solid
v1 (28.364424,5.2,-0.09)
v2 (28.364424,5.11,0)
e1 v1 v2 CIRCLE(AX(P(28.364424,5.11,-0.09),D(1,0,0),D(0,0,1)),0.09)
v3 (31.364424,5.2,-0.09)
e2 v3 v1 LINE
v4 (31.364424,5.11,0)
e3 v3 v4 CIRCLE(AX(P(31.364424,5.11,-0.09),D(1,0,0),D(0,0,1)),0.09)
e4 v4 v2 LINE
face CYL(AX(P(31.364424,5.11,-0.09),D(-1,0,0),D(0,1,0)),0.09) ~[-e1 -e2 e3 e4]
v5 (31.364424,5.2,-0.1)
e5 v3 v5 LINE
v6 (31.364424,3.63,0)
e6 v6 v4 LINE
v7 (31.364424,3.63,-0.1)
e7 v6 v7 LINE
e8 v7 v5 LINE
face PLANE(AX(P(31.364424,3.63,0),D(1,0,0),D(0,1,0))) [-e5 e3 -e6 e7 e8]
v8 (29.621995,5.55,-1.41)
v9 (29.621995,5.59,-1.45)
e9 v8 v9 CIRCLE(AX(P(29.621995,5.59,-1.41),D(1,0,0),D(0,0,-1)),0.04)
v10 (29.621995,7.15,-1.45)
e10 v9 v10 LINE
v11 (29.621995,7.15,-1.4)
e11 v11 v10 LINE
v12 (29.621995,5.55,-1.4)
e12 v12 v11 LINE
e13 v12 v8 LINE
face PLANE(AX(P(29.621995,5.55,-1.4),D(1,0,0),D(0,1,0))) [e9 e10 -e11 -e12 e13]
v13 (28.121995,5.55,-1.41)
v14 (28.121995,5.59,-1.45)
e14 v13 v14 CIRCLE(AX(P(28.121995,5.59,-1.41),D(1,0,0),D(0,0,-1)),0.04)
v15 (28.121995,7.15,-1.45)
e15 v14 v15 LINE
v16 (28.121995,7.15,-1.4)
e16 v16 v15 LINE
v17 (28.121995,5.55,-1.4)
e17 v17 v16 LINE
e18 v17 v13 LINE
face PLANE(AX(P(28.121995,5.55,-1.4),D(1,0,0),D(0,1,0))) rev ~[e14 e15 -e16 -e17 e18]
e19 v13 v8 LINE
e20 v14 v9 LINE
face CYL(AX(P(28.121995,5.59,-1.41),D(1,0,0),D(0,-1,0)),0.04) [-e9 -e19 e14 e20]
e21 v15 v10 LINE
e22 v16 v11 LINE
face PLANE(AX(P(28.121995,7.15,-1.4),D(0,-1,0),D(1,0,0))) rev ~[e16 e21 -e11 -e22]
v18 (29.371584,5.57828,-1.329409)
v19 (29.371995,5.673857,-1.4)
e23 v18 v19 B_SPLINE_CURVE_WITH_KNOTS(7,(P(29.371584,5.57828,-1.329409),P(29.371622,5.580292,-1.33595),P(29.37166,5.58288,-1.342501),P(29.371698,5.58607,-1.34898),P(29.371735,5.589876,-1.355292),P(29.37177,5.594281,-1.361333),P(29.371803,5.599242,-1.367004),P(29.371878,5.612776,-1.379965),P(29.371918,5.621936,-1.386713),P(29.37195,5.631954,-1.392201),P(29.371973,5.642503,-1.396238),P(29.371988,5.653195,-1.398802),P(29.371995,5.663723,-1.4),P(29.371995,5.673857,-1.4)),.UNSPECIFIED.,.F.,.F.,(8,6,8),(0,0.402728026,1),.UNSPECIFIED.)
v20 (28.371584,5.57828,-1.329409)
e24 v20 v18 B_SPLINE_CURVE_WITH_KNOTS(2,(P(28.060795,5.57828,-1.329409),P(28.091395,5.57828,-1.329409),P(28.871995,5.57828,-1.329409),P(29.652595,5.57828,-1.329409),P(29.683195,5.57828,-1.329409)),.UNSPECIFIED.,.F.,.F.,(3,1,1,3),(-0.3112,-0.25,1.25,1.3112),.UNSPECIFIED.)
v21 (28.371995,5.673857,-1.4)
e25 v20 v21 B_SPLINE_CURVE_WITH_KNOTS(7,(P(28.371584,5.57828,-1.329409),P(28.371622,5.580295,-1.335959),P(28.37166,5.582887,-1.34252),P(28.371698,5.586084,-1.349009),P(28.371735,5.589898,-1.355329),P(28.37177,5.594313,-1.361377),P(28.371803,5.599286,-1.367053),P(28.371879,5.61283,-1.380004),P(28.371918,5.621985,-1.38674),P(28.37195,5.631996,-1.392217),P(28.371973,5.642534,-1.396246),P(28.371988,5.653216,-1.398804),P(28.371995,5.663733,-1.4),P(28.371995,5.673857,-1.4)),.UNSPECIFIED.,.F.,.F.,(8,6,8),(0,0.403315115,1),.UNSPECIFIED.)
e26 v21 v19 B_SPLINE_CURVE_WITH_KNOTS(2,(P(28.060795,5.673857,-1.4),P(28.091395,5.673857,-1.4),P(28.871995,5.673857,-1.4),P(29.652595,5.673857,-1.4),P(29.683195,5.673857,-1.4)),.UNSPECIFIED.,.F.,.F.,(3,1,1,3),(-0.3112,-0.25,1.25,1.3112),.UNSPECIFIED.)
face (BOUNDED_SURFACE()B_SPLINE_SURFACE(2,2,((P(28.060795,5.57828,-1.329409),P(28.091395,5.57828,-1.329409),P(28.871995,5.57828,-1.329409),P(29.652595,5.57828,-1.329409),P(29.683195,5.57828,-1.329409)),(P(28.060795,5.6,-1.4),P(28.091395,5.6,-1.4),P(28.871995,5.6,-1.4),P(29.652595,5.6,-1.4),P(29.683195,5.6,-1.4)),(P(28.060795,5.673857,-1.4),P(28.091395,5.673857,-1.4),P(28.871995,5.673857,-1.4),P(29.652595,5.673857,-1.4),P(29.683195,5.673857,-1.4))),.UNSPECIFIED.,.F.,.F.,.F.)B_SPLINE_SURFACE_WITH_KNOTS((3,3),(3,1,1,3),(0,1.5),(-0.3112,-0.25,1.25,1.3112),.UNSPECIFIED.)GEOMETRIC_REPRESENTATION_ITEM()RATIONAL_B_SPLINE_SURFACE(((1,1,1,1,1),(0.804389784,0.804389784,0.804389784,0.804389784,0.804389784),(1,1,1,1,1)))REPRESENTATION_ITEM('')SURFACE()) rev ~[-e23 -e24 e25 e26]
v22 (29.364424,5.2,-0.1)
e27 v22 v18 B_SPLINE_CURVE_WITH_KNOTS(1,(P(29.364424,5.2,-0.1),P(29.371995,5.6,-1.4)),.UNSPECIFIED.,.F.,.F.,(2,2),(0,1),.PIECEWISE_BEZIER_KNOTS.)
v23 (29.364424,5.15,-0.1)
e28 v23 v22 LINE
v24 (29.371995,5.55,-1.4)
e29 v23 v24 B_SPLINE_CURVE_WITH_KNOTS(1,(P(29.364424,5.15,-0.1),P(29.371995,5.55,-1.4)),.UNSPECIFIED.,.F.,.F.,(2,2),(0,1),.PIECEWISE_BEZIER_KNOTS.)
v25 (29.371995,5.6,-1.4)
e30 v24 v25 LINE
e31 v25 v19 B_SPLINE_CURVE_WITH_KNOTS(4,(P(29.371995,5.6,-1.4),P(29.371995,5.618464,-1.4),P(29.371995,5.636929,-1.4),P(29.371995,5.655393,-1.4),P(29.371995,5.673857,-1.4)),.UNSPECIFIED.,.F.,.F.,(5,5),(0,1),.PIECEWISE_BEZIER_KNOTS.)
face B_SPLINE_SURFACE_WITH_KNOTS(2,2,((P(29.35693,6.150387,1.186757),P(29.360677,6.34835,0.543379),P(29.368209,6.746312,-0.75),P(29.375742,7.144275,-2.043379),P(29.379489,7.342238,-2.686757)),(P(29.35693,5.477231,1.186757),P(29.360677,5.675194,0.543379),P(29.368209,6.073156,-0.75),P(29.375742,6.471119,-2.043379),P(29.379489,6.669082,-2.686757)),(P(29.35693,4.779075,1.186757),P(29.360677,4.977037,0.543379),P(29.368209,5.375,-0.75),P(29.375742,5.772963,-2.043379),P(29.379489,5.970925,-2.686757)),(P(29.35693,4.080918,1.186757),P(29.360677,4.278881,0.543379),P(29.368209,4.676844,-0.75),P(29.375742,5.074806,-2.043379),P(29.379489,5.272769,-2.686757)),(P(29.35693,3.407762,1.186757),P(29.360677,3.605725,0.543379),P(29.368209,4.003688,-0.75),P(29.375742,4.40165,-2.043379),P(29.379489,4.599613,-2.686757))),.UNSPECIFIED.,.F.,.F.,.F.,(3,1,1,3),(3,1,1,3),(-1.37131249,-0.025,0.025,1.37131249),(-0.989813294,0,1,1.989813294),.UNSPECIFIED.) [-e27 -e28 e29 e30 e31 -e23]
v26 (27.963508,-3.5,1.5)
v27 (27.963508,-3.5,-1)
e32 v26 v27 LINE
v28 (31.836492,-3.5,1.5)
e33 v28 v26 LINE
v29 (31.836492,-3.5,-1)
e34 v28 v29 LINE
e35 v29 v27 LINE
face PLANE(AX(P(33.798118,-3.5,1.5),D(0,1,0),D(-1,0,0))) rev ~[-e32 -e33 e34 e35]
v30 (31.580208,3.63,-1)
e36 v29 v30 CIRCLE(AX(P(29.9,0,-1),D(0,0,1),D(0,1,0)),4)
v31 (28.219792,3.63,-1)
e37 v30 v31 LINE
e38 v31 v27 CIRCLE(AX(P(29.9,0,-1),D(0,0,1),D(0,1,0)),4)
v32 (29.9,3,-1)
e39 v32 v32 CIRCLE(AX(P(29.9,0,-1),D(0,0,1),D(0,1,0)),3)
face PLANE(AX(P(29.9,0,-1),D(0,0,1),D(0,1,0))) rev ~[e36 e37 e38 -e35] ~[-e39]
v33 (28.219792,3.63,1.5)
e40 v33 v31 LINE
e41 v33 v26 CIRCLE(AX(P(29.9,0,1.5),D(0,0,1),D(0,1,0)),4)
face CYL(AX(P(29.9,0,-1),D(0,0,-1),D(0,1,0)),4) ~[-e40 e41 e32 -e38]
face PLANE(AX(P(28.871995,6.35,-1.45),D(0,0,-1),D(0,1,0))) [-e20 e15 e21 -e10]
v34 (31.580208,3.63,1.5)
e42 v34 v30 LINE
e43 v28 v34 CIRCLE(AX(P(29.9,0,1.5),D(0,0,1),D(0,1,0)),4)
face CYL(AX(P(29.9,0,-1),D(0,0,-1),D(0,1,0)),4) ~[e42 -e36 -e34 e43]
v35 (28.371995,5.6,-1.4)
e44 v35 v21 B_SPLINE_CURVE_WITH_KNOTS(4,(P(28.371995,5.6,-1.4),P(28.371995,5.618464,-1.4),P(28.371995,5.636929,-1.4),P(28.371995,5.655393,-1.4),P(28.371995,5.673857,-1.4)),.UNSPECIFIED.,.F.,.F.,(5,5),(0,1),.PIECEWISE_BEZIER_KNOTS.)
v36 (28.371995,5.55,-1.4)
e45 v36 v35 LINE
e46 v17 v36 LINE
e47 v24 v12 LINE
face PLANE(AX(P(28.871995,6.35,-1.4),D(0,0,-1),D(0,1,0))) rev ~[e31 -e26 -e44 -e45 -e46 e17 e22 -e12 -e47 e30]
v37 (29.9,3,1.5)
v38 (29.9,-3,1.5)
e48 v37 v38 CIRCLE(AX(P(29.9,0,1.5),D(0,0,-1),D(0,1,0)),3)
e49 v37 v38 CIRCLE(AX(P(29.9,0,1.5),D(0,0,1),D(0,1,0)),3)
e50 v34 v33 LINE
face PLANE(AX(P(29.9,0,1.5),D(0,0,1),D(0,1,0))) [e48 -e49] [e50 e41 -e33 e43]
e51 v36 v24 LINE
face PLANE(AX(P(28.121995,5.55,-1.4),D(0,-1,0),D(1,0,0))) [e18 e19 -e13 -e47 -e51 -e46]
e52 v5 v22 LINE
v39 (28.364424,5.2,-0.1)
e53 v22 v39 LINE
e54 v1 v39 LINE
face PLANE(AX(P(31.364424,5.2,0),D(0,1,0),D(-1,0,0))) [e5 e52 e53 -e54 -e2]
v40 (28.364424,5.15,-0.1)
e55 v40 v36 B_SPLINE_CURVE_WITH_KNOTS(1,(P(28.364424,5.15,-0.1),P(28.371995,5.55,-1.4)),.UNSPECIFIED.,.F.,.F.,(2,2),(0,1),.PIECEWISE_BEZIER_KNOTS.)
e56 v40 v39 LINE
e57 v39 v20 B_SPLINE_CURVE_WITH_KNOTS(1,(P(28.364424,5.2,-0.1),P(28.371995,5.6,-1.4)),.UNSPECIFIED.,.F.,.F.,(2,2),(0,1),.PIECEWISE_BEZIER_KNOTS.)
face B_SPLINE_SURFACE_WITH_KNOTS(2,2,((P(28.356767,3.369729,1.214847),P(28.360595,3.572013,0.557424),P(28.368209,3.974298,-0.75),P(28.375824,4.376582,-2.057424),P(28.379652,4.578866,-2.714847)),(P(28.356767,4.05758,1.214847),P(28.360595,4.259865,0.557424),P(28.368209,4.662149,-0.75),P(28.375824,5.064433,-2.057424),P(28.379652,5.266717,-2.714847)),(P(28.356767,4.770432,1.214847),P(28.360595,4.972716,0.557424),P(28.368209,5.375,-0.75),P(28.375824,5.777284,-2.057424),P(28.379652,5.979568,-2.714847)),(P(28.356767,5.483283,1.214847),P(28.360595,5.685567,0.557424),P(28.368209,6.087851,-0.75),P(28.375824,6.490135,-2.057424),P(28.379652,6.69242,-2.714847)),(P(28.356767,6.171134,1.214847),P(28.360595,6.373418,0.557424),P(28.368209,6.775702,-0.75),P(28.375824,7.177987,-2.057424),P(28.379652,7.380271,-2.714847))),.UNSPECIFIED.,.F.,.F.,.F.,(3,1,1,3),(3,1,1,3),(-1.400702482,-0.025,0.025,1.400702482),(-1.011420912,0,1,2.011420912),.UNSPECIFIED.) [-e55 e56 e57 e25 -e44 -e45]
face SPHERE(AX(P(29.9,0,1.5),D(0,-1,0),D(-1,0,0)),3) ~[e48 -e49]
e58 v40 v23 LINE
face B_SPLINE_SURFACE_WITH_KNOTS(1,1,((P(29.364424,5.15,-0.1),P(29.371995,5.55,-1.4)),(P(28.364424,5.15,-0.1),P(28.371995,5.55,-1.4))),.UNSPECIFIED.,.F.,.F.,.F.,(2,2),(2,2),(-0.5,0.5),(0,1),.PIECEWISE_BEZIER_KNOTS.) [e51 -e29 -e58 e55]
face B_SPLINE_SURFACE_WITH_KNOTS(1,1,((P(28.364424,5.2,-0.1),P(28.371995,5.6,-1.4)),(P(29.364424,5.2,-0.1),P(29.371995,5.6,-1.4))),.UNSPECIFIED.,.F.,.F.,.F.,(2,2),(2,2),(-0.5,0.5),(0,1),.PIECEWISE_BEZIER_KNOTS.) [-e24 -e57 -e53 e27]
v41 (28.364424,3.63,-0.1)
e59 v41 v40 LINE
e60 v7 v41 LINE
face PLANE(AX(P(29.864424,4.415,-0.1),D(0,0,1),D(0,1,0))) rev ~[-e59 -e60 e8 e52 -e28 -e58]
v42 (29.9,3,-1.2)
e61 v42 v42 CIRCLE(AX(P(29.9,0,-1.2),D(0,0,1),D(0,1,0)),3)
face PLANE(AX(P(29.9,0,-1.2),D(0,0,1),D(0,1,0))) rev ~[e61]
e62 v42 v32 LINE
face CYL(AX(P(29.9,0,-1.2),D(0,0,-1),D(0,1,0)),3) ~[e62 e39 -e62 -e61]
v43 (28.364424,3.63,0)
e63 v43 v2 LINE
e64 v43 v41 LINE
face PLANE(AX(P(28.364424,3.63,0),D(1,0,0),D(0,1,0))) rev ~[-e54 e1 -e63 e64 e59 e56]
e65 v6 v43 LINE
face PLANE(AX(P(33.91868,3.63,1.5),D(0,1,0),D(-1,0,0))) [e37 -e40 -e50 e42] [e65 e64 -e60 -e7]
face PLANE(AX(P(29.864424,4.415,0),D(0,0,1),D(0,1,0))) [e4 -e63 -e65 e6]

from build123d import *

# Parameters (mm, degrees)
SKETCH022_W             = 1.57
SKETCH022_H             = 3
PAD011_DEPTH            = 0.1
SKETCH024_W             = 0.05
SKETCH024_H             = 1
SKETCH025_W             = 0.05
SKETCH025_H             = 1
SKETCH026_W             = 1.6
SKETCH026_H             = 1.5
PAD012_DEPTH            = 0.05
FILLET004_R             = 0.09
FILLET005_R             = 0.1
FILLET006_R             = 0.04
REVOLUTION001_ANGLE     = 180
SKETCH028_R             = 3
PAD013_DEPTH            = 0.2
SKETCH020_R             = 4
PAD010_DEPTH            = 2.5
SKETCH023_W             = 2.920448
SKETCH023_H             = 7.916798
SKETCH023_W_2           = 3.050448
POCKET004_DEPTH         = 2.501
BODY010_PLACEMENT_ANGLE = 90


with BuildPart() as pad001:
    # Sketch022 → Pad011 (new body)
    with BuildSketch(Plane.XY):
        with Locations((4.415, 0.035576)):
            Rectangle(SKETCH022_W, SKETCH022_H)
    extrude(amount=-PAD011_DEPTH)

    # Sketch024 (on Face6 of Pad011) → AdditiveLoft002 section 0
    with BuildSketch(Plane(origin=(0, 0, -0.1), x_dir=(1, 0, 0), z_dir=(0, 0, -1))):
        with Locations((5.175, -1.035576)):
            Rectangle(SKETCH024_W, SKETCH024_H)
    # Sketch025 (on Face6 of Pad011) → AdditiveLoft002 section 1
    with BuildSketch(Plane(origin=(0, 0, -1.4), x_dir=(1, 0, 0), z_dir=(0, 0, -1))):
        with Locations((5.575, -1.028005)):
            Rectangle(SKETCH025_W, SKETCH025_H)
    loft()

    # Sketch026 (on Face11 of AdditiveLoft002) → Pad012 (join)
    with BuildSketch(Plane(origin=(0, 0, -1.4), x_dir=(1, 0, 0), z_dir=(0, 0, -1))):
        with Locations((6.35, -1.028005)):
            Rectangle(SKETCH026_W, SKETCH026_H)
    extrude(amount=PAD012_DEPTH)

    # Fillet004
    fillet004_edges = [pad001.edges().sort_by_distance(p)[0] for p in [
        (5.2, 0.035576, 0),
    ]]
    fillet(fillet004_edges, radius=FILLET004_R)

    # Fillet005
    fillet005_edges = [pad001.edges().sort_by_distance(p)[0] for p in [
        (5.6, 1.028005, -1.4),
    ]]
    fillet(fillet005_edges, radius=FILLET005_R)

    # Fillet006
    fillet006_edges = [pad001.edges().sort_by_distance(p)[0] for p in [
        (5.55, 1.028005, -1.45),
    ]]
    fillet(fillet006_edges, radius=FILLET006_R)


with BuildPart() as pad001_1:
    # Body008 placement: moved
    add(pad001.part.moved(Location((0, 0, 1))))


with BuildPart() as len001:
    # Sketch021 (on DatumPlane) → Revolution001 (revolve)
    with BuildSketch(Plane.XY.offset(2.5)):
        with BuildLine():
            Line((-3, 0), (3, 0))
            ThreePointArc((3, 0), (0, 3), (-3, 0))
        make_face()
    revolve(axis=Axis((0, 0, 2.5), (1, 0, 0)), revolution_arc=REVOLUTION001_ANGLE)


with BuildPart() as thermalpad001:
    # Sketch028 → Pad013 (new body)
    with BuildSketch(Plane.XY):
        Circle(SKETCH028_R)
    extrude(amount=PAD013_DEPTH)


with BuildPart() as thermalpad001_1:
    # Body009 placement: moved
    add(thermalpad001.part.moved(Location((0, 0, -0.2))))


with BuildPart() as led2:
    # Sketch020 → Pad010 (new body)
    with BuildSketch(Plane.XY):
        Circle(SKETCH020_R)
    extrude(amount=PAD010_DEPTH)

    # Sketch023 (on Face3 of Pad010) → Pocket004 (cut, through all)
    with BuildSketch(Plane.XY.offset(2.5)):
        with Locations((5.090224, -0.060281)):
            Rectangle(SKETCH023_W, SKETCH023_H)
        with Locations((-5.025224, 0.060281)):
            Rectangle(SKETCH023_W_2, SKETCH023_H)
    extrude(amount=-POCKET004_DEPTH, mode=Mode.SUBTRACT)

    # Fusion001: union PAD001, Len001, ThermalPad001
    add(pad001_1.part)
    add(len001.part)
    add(thermalpad001_1.part)


with BuildPart() as led2_1:
    # Fusion001 placement: moved
    add(led2.part.moved(Location((9.2, 28.5, -1))))


with BuildPart() as led2_2:
    # Body010 placement: moved
    add(led2_1.part.moved(Location((58.4, -9.2, 0))).rotate(Axis((58.4, -9.2, 0), (0, 0, 1)), BODY010_PLACEMENT_ANGLE))


solid = led2_2.part
